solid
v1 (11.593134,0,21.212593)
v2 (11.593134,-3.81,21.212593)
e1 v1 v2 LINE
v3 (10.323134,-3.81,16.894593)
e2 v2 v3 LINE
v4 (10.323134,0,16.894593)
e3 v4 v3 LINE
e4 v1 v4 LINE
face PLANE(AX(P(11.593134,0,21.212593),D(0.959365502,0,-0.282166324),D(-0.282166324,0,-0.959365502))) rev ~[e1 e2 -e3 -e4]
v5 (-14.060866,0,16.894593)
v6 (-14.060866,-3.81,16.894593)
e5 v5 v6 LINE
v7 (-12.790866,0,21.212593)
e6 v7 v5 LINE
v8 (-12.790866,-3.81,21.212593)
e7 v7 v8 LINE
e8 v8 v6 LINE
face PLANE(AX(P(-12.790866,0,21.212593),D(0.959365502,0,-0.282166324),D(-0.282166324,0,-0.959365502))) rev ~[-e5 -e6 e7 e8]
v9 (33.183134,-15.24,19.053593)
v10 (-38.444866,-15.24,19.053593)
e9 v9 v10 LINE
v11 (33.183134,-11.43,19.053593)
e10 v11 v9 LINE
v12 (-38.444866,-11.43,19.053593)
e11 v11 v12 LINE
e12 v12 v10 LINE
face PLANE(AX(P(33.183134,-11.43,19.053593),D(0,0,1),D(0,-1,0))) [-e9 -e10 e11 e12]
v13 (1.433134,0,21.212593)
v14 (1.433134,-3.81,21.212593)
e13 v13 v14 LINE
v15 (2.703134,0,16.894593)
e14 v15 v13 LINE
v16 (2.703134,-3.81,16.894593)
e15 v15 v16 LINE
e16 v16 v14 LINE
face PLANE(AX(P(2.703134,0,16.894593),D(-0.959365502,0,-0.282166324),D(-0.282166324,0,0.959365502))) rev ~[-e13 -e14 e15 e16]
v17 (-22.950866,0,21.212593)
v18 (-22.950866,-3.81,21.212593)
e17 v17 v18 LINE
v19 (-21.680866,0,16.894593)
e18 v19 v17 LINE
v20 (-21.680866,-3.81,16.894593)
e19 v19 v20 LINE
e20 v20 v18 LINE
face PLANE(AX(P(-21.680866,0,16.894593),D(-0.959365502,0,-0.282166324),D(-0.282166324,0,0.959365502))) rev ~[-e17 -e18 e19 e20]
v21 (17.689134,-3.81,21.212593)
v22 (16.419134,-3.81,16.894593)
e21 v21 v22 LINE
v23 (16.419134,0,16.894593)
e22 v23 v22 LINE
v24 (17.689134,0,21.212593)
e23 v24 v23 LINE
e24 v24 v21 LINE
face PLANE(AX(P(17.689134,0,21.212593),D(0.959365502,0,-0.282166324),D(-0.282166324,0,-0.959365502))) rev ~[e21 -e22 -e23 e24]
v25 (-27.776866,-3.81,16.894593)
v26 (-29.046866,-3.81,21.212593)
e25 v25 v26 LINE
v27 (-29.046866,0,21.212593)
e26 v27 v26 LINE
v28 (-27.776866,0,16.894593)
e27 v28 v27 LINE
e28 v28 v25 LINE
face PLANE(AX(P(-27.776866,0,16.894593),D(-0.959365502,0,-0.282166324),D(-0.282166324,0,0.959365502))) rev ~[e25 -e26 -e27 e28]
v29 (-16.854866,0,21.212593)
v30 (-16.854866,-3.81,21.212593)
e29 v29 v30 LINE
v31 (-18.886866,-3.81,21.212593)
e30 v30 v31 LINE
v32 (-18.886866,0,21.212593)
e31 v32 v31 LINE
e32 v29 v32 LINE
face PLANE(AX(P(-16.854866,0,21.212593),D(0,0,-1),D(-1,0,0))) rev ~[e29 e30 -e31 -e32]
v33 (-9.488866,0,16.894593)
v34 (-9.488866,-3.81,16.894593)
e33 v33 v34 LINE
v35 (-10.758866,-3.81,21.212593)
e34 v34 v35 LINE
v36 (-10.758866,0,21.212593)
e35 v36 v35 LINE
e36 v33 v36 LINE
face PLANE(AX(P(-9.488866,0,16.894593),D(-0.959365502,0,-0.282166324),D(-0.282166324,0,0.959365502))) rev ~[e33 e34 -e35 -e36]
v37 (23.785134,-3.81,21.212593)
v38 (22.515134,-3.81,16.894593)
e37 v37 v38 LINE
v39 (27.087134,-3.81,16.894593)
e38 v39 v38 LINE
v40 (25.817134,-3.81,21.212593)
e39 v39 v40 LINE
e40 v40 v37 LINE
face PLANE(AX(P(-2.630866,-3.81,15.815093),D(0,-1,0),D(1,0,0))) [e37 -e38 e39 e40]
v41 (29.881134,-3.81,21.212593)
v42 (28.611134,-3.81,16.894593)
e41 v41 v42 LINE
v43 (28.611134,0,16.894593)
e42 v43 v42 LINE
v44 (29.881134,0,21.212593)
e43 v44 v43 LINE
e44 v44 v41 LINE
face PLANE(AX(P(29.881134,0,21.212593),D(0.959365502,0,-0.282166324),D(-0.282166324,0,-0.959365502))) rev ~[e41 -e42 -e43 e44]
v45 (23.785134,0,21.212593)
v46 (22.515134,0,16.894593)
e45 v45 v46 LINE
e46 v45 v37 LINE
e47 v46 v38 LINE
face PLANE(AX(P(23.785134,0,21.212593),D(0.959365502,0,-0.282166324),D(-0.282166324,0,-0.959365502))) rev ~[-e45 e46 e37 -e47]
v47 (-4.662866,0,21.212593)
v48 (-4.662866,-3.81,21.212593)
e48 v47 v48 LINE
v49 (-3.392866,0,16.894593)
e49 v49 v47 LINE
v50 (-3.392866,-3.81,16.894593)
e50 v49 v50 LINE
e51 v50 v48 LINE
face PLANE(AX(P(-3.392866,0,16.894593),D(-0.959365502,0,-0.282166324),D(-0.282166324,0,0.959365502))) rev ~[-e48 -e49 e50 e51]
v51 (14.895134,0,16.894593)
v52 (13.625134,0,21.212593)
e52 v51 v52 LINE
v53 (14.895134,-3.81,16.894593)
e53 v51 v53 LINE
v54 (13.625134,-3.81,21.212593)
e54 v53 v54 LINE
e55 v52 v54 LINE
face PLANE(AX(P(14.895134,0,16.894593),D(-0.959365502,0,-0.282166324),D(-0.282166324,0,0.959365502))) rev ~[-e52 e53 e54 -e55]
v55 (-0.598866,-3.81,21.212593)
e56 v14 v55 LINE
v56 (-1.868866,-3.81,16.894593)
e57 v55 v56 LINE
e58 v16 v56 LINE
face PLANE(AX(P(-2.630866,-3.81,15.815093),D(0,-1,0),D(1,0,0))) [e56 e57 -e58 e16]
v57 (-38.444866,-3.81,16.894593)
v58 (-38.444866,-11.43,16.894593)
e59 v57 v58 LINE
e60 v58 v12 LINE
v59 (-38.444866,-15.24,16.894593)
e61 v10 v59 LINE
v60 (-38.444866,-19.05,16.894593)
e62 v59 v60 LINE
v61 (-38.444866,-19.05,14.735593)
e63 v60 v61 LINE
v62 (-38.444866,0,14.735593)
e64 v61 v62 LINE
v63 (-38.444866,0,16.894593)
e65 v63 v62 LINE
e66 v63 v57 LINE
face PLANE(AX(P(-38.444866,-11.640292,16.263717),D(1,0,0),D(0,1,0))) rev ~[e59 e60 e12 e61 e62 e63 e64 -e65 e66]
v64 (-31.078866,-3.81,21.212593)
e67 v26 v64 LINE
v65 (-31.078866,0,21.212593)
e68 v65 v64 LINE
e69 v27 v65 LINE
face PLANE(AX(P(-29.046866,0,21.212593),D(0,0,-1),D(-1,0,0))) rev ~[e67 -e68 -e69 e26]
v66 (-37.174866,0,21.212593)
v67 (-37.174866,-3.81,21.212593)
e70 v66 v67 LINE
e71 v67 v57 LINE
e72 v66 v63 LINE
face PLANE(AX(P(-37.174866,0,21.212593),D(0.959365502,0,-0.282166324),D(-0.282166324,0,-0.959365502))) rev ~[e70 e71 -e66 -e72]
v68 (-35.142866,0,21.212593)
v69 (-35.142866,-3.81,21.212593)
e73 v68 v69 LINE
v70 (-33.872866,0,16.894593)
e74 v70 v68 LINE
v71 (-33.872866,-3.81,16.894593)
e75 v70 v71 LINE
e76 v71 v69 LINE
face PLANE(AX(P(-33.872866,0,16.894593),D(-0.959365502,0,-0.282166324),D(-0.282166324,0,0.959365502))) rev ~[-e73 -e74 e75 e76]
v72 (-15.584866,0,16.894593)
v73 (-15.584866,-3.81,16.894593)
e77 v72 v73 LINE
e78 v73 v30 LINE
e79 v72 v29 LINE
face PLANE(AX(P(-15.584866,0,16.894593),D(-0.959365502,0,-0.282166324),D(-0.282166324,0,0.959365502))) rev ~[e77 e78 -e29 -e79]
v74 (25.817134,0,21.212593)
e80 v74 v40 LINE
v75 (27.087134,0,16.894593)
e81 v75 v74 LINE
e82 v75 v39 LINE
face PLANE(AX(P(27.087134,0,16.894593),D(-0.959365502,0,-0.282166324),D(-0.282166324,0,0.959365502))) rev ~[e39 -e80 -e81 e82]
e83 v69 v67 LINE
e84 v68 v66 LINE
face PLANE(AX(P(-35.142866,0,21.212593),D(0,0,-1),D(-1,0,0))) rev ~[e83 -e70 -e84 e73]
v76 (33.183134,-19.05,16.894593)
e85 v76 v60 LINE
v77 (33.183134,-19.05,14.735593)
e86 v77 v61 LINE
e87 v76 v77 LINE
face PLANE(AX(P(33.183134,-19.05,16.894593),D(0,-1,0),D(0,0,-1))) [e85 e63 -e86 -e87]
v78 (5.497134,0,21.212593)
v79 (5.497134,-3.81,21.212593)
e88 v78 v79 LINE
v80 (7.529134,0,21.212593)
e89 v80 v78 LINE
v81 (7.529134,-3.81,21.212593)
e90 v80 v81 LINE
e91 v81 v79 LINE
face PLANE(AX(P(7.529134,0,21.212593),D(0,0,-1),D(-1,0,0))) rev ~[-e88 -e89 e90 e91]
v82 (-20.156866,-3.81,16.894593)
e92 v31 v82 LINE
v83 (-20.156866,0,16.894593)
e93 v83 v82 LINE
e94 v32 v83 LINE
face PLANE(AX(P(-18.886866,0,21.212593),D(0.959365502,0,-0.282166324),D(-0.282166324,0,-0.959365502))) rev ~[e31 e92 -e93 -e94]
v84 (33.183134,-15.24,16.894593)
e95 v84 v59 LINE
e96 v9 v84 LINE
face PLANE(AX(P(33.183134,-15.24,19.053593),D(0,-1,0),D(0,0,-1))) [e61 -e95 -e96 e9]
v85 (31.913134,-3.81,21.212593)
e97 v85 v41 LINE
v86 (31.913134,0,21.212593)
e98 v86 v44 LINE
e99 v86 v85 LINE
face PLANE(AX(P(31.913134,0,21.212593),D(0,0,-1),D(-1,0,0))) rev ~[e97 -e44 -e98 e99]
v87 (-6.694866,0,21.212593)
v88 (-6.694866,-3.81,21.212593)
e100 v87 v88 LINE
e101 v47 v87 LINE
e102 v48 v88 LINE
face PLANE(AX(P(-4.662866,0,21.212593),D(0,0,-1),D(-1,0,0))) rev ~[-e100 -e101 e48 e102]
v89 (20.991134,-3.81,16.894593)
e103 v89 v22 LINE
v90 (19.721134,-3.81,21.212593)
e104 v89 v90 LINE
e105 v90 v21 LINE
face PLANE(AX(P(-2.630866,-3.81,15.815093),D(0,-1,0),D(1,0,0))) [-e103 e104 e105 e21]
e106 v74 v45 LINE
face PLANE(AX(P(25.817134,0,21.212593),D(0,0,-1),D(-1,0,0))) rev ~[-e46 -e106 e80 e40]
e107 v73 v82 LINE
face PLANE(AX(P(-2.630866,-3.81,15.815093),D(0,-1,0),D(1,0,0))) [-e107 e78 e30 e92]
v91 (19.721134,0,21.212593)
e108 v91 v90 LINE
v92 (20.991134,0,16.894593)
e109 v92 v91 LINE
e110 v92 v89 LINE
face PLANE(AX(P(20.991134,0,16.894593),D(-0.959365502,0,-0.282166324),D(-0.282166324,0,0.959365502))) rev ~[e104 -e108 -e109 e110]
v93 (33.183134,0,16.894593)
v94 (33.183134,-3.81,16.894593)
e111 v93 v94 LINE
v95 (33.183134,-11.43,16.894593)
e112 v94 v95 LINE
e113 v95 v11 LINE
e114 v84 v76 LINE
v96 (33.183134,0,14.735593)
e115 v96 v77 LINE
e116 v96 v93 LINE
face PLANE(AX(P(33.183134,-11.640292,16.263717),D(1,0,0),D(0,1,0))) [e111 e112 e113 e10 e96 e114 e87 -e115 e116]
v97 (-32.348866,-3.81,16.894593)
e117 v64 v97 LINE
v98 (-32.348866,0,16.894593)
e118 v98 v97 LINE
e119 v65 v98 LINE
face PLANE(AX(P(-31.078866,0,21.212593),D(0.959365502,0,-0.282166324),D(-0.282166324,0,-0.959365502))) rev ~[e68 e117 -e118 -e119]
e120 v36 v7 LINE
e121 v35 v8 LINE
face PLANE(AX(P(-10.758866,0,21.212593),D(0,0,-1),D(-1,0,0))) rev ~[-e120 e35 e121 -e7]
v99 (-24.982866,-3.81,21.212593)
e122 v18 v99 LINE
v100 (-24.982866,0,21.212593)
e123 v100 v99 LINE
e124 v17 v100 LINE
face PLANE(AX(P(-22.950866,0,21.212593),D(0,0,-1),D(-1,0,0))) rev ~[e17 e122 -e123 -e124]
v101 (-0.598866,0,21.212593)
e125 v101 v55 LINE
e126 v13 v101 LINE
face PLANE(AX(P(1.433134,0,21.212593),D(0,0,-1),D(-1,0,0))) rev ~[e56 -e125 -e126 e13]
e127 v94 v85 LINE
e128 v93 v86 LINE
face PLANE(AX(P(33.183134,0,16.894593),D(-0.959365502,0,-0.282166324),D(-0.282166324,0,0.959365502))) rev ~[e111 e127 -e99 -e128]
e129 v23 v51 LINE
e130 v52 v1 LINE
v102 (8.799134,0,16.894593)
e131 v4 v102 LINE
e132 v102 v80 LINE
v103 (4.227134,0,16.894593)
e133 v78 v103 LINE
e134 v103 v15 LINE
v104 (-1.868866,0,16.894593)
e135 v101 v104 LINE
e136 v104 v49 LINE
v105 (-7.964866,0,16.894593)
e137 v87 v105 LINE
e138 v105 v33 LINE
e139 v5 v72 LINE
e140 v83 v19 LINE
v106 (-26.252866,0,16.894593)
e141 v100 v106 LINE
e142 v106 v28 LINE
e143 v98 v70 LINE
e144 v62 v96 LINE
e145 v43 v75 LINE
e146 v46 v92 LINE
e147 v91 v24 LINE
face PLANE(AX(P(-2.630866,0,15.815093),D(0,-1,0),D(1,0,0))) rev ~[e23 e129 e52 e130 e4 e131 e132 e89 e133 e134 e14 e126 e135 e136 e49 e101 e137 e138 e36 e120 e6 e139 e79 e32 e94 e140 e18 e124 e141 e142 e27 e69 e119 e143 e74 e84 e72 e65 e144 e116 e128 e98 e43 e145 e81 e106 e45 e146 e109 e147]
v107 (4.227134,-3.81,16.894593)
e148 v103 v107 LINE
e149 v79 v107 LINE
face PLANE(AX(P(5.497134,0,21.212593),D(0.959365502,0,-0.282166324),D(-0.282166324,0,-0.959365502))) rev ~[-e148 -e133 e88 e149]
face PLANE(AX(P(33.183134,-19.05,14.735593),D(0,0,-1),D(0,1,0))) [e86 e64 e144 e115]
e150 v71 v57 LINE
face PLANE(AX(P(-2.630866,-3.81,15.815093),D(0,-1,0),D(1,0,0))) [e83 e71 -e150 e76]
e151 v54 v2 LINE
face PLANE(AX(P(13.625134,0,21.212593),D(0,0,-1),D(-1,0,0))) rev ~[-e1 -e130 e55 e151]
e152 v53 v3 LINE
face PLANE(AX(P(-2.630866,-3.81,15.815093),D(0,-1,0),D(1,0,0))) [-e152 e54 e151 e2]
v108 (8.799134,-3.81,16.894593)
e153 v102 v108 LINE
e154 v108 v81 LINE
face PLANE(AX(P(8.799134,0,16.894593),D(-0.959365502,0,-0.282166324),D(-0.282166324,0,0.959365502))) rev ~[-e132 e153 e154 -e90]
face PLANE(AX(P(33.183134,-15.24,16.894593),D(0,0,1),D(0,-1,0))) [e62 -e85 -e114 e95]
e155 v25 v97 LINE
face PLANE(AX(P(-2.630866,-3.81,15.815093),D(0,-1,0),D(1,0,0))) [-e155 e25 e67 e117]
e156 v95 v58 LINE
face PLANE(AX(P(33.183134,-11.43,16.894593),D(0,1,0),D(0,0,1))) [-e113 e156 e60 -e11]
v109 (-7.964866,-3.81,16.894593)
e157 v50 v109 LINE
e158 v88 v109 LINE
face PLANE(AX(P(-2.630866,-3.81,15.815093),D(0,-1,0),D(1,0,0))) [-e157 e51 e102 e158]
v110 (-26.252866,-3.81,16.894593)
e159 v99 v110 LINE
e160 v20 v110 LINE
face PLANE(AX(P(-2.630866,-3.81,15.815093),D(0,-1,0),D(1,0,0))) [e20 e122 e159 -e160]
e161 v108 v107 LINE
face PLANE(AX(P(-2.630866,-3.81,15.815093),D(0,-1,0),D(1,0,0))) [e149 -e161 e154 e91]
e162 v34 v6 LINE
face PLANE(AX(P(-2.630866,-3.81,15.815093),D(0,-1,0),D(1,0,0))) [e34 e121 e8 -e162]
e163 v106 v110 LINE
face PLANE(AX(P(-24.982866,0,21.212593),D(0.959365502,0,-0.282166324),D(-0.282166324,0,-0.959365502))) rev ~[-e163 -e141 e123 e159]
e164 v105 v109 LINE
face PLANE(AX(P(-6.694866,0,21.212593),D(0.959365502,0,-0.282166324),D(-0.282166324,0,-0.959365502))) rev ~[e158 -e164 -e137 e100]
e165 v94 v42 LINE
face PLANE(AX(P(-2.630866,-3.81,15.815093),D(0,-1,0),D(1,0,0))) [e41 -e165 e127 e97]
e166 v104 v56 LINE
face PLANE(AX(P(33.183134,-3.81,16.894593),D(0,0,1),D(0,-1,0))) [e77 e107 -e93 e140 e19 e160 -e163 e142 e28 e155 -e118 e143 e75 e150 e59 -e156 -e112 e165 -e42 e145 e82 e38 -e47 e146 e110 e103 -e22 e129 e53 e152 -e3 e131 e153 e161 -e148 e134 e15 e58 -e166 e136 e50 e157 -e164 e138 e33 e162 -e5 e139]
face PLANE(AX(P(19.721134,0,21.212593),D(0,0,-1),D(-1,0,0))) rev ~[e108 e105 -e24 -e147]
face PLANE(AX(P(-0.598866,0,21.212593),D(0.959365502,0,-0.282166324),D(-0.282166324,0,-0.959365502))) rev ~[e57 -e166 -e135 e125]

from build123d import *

# Parameters (mm, degrees)
F1_DEPTH = 3.81
F4_DEPTH = 71.628


with BuildPart() as f1:
    # F0 (on Front) → F1 (new body)
    with BuildSketch(Plane.XZ):
        Polygon((-38.4448663006, 16.8945933835), (-38.4448663006, 14.7355933835), (33.1831336994, 14.7355933835), (33.1831336994, 16.8945933835), (28.6111336994, 16.8945933835), (27.0871336994, 16.8945933835), (22.5151336994, 16.8945933835), (20.9911336994, 16.8945933835), (16.4191336994, 16.8945933835), (14.8951336994, 16.8945933835), (10.3231336994, 16.8945933835), (8.7991336994, 16.8945933835), (4.2271336994, 16.8945933835), (2.7031336994, 16.8945933835), (-1.8688663006, 16.8945933835), (-3.3928663006, 16.8945933835), (-7.9648663006, 16.8945933835), (-9.4888663006, 16.8945933835), (-14.0608663006, 16.8945933835), (-15.5848663006, 16.8945933835), (-20.1568663006, 16.8945933835), (-21.6808663006, 16.8945933835), (-26.2528663006, 16.8945933835), (-27.7768663006, 16.8945933835), (-32.3488663006, 16.8945933835), (-33.8728663006, 16.8945933835), align=None)
        Polygon((-37.1748663006, 21.2125933835), (-38.4448663006, 16.8945933835), (-33.8728663006, 16.8945933835), (-35.1428663006, 21.2125933835), align=None)
        Polygon((28.6111336994, 16.8945933835), (33.1831336994, 16.8945933835), (31.9131336994, 21.2125933835), (29.8811336994, 21.2125933835), align=None)
        Polygon((-31.0788663006, 21.2125933835), (-32.3488663006, 16.8945933835), (-27.7768663006, 16.8945933835), (-29.0468663006, 21.2125933835), align=None)
        Polygon((22.5151336994, 16.8945933835), (27.0871336994, 16.8945933835), (25.8171336994, 21.2125933835), (23.7851336994, 21.2125933835), align=None)
        Polygon((-24.9828663006, 21.2125933835), (-26.2528663006, 16.8945933835), (-21.6808663006, 16.8945933835), (-22.9508663006, 21.2125933835), align=None)
        Polygon((16.4191336994, 16.8945933835), (20.9911336994, 16.8945933835), (19.7211336994, 21.2125933835), (17.6891336994, 21.2125933835), align=None)
        Polygon((-18.8868663006, 21.2125933835), (-20.1568663006, 16.8945933835), (-15.5848663006, 16.8945933835), (-16.8548663006, 21.2125933835), align=None)
        Polygon((10.3231336994, 16.8945933835), (14.8951336994, 16.8945933835), (13.6251336994, 21.2125933835), (11.5931336994, 21.2125933835), align=None)
        Polygon((-12.7908663006, 21.2125933835), (-14.0608663006, 16.8945933835), (-9.4888663006, 16.8945933835), (-10.7588663006, 21.2125933835), align=None)
        Polygon((4.2271336994, 16.8945933835), (8.7991336994, 16.8945933835), (7.5291336994, 21.2125933835), (5.4971336994, 21.2125933835), align=None)
        Polygon((-6.6948663006, 21.2125933835), (-7.9648663006, 16.8945933835), (-3.3928663006, 16.8945933835), (-4.6628663006, 21.2125933835), align=None)
        Polygon((-1.8688663006, 16.8945933835), (2.7031336994, 16.8945933835), (1.4331336994, 21.2125933835), (-0.5988663006, 21.2125933835), align=None)
    extrude(amount=F1_DEPTH)

    # F3 (on plane+point) → F4 (join, through all)
    with BuildSketch(Plane.YZ.offset(33.1831336994)):
        Polygon((-19.05, 14.7355933835), (-3.81, 14.7355933835), (-3.81, 16.8945933835), (-11.43, 16.8945933835), (-11.43, 19.0535933835), (-15.24, 19.0535933835), (-15.24, 16.8945933835), (-19.05, 16.8945933835), align=None)
    extrude(amount=-F4_DEPTH)


solid = f1.part
